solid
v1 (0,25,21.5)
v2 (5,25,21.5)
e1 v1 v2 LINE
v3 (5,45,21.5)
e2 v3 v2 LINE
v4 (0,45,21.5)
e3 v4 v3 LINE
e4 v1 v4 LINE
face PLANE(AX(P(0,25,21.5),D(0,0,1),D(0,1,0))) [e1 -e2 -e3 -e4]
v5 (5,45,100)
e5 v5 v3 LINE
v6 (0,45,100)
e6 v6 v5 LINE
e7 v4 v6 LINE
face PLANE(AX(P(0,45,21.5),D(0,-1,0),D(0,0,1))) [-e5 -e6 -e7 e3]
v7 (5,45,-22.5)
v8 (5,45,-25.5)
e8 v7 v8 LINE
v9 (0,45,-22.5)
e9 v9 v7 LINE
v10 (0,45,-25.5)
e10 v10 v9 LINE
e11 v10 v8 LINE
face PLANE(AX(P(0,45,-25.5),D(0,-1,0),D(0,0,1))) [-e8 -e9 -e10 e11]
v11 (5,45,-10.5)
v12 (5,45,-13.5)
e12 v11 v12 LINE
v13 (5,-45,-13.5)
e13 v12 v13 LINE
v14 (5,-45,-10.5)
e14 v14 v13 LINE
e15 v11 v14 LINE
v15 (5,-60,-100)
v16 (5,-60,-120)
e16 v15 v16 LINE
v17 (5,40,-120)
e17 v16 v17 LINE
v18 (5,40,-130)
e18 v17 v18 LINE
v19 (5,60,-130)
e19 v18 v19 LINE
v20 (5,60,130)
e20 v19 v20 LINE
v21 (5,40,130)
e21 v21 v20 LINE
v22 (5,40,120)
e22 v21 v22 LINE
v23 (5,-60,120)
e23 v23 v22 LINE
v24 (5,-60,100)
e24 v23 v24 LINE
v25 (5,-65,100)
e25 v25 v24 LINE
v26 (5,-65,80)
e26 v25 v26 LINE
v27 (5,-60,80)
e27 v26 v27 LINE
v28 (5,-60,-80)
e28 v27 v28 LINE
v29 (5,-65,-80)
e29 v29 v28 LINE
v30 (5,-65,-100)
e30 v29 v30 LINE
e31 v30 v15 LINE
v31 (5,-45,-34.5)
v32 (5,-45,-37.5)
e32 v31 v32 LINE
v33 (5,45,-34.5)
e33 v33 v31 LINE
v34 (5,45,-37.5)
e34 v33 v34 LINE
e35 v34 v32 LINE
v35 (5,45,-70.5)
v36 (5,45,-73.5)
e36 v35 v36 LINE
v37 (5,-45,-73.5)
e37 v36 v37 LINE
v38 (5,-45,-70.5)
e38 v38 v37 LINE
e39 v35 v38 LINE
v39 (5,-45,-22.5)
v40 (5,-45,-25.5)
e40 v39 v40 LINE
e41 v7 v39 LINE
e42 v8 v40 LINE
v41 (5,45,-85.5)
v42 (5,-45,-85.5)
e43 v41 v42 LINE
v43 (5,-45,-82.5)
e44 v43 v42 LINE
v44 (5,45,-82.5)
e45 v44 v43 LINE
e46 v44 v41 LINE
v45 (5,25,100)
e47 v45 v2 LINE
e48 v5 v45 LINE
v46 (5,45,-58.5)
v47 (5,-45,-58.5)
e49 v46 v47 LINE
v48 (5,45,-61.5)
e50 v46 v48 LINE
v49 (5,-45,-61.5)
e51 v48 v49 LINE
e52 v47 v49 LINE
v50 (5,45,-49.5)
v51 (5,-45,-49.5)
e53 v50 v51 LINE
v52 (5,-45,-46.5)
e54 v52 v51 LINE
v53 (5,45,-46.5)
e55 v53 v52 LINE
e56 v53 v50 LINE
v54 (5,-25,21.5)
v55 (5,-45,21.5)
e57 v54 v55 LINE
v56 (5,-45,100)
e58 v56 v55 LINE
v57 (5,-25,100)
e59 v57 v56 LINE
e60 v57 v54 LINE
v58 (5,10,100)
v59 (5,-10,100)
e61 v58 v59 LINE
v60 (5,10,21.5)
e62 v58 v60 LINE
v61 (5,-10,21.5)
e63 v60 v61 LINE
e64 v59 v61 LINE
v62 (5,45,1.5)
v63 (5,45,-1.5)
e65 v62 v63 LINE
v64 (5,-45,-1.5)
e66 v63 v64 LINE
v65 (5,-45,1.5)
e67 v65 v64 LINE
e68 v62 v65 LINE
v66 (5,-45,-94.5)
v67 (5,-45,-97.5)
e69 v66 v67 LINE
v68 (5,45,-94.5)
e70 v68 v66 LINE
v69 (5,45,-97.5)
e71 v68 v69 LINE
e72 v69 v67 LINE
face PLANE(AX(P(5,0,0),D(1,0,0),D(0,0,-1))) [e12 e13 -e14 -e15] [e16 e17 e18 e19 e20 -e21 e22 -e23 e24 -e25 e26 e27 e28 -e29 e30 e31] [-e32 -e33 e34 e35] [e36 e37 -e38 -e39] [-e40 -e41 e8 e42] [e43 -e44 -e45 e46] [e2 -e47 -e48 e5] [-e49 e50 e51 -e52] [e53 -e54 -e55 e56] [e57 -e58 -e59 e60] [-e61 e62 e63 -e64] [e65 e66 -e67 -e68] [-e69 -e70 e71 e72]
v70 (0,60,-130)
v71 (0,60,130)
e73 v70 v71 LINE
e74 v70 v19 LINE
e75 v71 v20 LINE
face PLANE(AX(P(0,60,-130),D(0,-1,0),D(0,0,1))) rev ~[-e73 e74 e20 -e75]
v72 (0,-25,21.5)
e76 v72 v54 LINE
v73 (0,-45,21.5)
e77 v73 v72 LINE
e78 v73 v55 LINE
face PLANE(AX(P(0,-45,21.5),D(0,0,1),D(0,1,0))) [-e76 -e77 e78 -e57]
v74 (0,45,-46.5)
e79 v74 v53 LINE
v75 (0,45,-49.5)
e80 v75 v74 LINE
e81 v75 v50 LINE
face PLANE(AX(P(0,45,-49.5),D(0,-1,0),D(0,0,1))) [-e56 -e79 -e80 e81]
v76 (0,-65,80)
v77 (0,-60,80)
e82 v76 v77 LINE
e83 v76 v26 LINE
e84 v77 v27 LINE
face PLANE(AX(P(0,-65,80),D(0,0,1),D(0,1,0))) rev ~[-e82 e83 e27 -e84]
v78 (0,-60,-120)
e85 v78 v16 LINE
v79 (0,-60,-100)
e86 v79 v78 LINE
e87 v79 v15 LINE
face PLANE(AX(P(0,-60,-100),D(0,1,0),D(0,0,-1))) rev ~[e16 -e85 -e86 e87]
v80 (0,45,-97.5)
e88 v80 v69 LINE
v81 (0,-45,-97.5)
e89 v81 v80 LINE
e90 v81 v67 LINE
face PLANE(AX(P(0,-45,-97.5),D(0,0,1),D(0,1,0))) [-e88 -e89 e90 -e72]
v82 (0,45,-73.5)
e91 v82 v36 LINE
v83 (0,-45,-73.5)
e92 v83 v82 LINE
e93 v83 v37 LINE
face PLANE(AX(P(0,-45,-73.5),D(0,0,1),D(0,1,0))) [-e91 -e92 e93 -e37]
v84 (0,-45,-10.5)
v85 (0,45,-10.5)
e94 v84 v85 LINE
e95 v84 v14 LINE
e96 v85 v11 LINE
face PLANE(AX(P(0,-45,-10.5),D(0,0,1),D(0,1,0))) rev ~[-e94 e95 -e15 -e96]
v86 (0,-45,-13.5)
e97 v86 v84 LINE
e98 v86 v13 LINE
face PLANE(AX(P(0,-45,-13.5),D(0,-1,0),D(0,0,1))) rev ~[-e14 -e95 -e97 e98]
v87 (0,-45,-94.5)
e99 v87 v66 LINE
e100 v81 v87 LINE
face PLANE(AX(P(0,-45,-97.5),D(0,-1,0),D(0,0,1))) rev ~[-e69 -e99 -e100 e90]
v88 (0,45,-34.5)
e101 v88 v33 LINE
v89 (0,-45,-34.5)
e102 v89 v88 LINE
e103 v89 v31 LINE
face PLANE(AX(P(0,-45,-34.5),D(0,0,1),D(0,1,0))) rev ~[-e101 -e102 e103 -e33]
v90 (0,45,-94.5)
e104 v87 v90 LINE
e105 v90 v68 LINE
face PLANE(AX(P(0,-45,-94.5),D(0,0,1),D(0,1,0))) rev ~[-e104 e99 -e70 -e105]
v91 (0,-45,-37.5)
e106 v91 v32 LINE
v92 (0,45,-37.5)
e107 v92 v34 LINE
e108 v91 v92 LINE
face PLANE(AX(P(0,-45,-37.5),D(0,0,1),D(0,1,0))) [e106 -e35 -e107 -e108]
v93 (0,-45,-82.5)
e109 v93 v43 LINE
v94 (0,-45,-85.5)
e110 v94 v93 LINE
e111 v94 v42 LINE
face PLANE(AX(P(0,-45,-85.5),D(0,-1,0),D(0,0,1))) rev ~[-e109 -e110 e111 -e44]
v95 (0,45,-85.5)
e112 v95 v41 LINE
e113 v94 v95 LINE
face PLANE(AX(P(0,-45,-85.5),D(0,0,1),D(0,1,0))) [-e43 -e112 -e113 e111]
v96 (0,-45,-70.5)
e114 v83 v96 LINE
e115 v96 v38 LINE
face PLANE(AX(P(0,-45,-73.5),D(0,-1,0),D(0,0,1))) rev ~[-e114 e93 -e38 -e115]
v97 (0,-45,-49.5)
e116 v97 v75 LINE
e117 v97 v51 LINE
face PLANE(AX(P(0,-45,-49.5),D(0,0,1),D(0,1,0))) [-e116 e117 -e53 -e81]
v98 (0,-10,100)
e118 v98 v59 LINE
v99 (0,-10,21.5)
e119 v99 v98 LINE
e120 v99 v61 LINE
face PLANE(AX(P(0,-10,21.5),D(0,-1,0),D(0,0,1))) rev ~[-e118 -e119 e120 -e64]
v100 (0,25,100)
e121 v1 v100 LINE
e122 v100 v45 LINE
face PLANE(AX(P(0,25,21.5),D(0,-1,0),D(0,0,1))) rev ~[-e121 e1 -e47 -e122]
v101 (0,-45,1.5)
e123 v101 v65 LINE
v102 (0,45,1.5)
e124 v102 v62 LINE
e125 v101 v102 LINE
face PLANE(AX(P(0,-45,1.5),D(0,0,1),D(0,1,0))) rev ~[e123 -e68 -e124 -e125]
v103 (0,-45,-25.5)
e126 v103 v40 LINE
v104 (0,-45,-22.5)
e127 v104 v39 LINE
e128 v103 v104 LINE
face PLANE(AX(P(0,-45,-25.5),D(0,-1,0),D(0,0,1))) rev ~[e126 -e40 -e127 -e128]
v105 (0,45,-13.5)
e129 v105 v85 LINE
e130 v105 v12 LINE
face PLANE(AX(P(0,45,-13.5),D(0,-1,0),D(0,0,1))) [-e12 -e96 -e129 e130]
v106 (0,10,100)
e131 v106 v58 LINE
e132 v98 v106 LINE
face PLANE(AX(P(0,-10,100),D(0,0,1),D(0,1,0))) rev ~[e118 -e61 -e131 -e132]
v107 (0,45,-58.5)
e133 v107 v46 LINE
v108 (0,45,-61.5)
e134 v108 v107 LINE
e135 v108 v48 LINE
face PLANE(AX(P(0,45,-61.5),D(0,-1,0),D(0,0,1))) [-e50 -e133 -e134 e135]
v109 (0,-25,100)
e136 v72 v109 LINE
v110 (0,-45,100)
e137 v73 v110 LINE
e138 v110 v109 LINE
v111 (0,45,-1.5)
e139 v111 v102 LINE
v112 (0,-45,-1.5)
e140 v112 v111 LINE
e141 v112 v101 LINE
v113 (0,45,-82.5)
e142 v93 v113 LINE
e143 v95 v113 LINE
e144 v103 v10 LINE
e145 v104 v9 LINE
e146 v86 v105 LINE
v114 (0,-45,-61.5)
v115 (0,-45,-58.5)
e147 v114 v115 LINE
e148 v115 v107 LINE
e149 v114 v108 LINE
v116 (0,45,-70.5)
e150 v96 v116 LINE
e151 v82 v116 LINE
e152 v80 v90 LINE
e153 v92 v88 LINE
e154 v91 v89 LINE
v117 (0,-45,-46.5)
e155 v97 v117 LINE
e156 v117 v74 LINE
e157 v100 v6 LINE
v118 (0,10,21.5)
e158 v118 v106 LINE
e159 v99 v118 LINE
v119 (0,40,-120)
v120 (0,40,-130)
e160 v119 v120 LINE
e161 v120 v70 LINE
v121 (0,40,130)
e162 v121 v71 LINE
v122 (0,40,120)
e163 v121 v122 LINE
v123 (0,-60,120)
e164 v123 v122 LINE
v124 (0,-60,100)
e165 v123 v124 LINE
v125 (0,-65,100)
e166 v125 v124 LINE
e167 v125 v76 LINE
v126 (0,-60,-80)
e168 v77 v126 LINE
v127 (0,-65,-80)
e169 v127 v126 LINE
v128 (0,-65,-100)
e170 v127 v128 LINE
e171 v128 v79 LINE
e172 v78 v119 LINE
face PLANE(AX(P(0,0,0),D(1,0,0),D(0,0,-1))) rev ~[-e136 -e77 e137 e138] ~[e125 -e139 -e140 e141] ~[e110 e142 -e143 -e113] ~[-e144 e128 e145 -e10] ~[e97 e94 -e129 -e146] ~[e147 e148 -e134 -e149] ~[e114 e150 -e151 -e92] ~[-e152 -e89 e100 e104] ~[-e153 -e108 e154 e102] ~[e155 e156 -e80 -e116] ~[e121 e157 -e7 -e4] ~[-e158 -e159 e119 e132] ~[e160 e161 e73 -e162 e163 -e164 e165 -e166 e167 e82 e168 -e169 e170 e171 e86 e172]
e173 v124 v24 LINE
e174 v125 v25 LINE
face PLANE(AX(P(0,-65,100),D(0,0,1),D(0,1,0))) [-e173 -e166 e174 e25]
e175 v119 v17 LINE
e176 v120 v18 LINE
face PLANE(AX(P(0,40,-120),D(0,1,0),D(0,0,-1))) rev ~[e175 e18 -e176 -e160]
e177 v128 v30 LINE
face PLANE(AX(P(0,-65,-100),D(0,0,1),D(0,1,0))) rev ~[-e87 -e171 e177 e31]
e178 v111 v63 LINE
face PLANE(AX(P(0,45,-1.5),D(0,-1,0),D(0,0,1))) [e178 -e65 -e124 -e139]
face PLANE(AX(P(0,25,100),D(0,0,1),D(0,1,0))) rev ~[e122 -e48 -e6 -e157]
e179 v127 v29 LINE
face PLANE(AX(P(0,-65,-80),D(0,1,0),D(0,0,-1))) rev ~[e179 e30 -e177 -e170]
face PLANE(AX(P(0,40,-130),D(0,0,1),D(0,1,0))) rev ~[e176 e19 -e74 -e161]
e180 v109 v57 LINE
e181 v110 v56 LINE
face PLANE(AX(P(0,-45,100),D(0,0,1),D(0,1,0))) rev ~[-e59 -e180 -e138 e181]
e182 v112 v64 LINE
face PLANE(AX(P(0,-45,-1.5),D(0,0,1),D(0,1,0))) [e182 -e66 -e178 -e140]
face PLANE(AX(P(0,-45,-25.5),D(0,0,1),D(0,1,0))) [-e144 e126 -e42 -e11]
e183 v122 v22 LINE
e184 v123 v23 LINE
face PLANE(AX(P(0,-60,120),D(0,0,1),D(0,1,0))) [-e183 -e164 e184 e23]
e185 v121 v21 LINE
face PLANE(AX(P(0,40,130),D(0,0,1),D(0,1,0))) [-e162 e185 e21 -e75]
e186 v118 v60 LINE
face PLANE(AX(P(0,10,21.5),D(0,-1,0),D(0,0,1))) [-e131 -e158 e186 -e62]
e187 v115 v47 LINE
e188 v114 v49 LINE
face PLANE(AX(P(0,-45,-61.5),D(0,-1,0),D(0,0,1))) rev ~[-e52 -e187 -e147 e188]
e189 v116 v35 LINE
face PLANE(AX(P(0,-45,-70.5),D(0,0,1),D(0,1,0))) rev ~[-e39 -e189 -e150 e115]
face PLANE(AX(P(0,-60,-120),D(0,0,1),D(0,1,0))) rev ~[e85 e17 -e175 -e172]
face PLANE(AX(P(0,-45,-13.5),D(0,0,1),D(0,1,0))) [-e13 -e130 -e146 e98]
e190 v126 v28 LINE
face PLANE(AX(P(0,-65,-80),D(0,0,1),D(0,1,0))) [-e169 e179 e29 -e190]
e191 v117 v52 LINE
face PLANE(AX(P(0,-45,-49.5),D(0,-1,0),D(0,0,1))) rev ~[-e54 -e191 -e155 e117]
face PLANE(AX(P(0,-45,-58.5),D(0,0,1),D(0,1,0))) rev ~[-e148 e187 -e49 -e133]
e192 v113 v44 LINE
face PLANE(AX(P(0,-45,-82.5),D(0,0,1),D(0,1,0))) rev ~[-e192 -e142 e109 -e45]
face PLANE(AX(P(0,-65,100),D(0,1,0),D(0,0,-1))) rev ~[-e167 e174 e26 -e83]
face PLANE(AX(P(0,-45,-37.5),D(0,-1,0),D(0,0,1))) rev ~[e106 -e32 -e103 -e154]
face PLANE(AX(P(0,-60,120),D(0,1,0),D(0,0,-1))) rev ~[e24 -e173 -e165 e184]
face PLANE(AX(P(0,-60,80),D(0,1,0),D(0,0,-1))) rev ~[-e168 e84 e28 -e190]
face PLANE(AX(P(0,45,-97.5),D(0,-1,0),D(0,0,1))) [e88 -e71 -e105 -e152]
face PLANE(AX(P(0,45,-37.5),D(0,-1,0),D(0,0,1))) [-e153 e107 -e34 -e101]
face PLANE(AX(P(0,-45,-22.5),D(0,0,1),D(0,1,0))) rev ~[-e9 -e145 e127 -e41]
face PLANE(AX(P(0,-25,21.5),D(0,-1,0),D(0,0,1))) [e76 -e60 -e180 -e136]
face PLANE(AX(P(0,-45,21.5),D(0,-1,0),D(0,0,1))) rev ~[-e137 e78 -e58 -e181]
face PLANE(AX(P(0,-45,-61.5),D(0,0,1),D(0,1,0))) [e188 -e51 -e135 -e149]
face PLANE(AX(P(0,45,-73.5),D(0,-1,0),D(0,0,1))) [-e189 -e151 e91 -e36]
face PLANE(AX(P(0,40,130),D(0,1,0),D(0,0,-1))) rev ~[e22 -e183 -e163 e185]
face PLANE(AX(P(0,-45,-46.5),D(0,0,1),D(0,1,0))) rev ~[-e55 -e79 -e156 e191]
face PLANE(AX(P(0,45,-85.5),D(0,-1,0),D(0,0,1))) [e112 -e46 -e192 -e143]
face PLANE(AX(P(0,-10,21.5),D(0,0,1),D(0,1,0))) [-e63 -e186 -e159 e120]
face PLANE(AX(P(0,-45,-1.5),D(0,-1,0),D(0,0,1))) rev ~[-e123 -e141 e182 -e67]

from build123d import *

# Parameters (mm, degrees)
SKIZZE2_W                       = 240
SKIZZE2_H                       = 120
SKIZZE2_W_2                     = 10
SKIZZE2_H_2                     = 20
SKIZZE2_W_3                     = 20
SKIZZE2_H_3                     = 5
AUFSATZ_LINEAR_AUSTRAGEN1_DEPTH = 5
SKIZZE3_W                       = 3
SKIZZE3_H                       = 90
SCHNITT_LINEAR_AUSTRAGEN1_DEPTH = 146.430395722
LINEARES_MUSTER1_COUNT          = 9
LINEARES_MUSTER1_PITCH          = 12
SKIZZE4_W                       = 78.5
SKIZZE4_H                       = 20
SCHNITT_LINEAR_AUSTRAGEN2_DEPTH = 146.430395722


with BuildPart() as part:
    # Skizze2 → Aufsatz-Linear austragen1 (new body)
    with BuildSketch(Plane(origin=(0, 0, 0), x_dir=(0, 0, -1), z_dir=(1, 0, 0))):
        Rectangle(SKIZZE2_W, SKIZZE2_H)
        with Locations((-125, 50)):
            Rectangle(SKIZZE2_W_2, SKIZZE2_H_2)
        with Locations((125, 50)):
            Rectangle(SKIZZE2_W_2, SKIZZE2_H_2)
        with Locations((-90, -62.5)):
            Rectangle(SKIZZE2_W_3, SKIZZE2_H_3)
        with Locations((90, -62.5)):
            Rectangle(SKIZZE2_W_3, SKIZZE2_H_3)
    extrude(amount=AUFSATZ_LINEAR_AUSTRAGEN1_DEPTH)

    # Skizze3 → Schnitt-Linear austragen1 (cut, through all)
    with BuildSketch(Plane.ZY):
        Rectangle(SKIZZE3_W, SKIZZE3_H)
    schnitt_linear_austragen1 = extrude(amount=-SCHNITT_LINEAR_AUSTRAGEN1_DEPTH, mode=Mode.SUBTRACT)

    # Lineares Muster1: Schnitt-Linear austragen1 ×9
    with Locations(*[(0, 0, -i * LINEARES_MUSTER1_PITCH) for i in range(1, LINEARES_MUSTER1_COUNT)]):
        add(schnitt_linear_austragen1, mode=Mode.SUBTRACT)

    # Skizze4 → Schnitt-Linear austragen2 (cut, through all)
    with BuildSketch(Plane.ZY):
        with Locations((60.75, 0)):
            Rectangle(SKIZZE4_W, SKIZZE4_H)
        with Locations((60.75, -35)):
            Rectangle(SKIZZE4_W, SKIZZE4_H)
        with Locations((60.75, 35)):
            Rectangle(SKIZZE4_W, SKIZZE4_H)
    extrude(amount=-SCHNITT_LINEAR_AUSTRAGEN2_DEPTH, mode=Mode.SUBTRACT)


solid = part.part
